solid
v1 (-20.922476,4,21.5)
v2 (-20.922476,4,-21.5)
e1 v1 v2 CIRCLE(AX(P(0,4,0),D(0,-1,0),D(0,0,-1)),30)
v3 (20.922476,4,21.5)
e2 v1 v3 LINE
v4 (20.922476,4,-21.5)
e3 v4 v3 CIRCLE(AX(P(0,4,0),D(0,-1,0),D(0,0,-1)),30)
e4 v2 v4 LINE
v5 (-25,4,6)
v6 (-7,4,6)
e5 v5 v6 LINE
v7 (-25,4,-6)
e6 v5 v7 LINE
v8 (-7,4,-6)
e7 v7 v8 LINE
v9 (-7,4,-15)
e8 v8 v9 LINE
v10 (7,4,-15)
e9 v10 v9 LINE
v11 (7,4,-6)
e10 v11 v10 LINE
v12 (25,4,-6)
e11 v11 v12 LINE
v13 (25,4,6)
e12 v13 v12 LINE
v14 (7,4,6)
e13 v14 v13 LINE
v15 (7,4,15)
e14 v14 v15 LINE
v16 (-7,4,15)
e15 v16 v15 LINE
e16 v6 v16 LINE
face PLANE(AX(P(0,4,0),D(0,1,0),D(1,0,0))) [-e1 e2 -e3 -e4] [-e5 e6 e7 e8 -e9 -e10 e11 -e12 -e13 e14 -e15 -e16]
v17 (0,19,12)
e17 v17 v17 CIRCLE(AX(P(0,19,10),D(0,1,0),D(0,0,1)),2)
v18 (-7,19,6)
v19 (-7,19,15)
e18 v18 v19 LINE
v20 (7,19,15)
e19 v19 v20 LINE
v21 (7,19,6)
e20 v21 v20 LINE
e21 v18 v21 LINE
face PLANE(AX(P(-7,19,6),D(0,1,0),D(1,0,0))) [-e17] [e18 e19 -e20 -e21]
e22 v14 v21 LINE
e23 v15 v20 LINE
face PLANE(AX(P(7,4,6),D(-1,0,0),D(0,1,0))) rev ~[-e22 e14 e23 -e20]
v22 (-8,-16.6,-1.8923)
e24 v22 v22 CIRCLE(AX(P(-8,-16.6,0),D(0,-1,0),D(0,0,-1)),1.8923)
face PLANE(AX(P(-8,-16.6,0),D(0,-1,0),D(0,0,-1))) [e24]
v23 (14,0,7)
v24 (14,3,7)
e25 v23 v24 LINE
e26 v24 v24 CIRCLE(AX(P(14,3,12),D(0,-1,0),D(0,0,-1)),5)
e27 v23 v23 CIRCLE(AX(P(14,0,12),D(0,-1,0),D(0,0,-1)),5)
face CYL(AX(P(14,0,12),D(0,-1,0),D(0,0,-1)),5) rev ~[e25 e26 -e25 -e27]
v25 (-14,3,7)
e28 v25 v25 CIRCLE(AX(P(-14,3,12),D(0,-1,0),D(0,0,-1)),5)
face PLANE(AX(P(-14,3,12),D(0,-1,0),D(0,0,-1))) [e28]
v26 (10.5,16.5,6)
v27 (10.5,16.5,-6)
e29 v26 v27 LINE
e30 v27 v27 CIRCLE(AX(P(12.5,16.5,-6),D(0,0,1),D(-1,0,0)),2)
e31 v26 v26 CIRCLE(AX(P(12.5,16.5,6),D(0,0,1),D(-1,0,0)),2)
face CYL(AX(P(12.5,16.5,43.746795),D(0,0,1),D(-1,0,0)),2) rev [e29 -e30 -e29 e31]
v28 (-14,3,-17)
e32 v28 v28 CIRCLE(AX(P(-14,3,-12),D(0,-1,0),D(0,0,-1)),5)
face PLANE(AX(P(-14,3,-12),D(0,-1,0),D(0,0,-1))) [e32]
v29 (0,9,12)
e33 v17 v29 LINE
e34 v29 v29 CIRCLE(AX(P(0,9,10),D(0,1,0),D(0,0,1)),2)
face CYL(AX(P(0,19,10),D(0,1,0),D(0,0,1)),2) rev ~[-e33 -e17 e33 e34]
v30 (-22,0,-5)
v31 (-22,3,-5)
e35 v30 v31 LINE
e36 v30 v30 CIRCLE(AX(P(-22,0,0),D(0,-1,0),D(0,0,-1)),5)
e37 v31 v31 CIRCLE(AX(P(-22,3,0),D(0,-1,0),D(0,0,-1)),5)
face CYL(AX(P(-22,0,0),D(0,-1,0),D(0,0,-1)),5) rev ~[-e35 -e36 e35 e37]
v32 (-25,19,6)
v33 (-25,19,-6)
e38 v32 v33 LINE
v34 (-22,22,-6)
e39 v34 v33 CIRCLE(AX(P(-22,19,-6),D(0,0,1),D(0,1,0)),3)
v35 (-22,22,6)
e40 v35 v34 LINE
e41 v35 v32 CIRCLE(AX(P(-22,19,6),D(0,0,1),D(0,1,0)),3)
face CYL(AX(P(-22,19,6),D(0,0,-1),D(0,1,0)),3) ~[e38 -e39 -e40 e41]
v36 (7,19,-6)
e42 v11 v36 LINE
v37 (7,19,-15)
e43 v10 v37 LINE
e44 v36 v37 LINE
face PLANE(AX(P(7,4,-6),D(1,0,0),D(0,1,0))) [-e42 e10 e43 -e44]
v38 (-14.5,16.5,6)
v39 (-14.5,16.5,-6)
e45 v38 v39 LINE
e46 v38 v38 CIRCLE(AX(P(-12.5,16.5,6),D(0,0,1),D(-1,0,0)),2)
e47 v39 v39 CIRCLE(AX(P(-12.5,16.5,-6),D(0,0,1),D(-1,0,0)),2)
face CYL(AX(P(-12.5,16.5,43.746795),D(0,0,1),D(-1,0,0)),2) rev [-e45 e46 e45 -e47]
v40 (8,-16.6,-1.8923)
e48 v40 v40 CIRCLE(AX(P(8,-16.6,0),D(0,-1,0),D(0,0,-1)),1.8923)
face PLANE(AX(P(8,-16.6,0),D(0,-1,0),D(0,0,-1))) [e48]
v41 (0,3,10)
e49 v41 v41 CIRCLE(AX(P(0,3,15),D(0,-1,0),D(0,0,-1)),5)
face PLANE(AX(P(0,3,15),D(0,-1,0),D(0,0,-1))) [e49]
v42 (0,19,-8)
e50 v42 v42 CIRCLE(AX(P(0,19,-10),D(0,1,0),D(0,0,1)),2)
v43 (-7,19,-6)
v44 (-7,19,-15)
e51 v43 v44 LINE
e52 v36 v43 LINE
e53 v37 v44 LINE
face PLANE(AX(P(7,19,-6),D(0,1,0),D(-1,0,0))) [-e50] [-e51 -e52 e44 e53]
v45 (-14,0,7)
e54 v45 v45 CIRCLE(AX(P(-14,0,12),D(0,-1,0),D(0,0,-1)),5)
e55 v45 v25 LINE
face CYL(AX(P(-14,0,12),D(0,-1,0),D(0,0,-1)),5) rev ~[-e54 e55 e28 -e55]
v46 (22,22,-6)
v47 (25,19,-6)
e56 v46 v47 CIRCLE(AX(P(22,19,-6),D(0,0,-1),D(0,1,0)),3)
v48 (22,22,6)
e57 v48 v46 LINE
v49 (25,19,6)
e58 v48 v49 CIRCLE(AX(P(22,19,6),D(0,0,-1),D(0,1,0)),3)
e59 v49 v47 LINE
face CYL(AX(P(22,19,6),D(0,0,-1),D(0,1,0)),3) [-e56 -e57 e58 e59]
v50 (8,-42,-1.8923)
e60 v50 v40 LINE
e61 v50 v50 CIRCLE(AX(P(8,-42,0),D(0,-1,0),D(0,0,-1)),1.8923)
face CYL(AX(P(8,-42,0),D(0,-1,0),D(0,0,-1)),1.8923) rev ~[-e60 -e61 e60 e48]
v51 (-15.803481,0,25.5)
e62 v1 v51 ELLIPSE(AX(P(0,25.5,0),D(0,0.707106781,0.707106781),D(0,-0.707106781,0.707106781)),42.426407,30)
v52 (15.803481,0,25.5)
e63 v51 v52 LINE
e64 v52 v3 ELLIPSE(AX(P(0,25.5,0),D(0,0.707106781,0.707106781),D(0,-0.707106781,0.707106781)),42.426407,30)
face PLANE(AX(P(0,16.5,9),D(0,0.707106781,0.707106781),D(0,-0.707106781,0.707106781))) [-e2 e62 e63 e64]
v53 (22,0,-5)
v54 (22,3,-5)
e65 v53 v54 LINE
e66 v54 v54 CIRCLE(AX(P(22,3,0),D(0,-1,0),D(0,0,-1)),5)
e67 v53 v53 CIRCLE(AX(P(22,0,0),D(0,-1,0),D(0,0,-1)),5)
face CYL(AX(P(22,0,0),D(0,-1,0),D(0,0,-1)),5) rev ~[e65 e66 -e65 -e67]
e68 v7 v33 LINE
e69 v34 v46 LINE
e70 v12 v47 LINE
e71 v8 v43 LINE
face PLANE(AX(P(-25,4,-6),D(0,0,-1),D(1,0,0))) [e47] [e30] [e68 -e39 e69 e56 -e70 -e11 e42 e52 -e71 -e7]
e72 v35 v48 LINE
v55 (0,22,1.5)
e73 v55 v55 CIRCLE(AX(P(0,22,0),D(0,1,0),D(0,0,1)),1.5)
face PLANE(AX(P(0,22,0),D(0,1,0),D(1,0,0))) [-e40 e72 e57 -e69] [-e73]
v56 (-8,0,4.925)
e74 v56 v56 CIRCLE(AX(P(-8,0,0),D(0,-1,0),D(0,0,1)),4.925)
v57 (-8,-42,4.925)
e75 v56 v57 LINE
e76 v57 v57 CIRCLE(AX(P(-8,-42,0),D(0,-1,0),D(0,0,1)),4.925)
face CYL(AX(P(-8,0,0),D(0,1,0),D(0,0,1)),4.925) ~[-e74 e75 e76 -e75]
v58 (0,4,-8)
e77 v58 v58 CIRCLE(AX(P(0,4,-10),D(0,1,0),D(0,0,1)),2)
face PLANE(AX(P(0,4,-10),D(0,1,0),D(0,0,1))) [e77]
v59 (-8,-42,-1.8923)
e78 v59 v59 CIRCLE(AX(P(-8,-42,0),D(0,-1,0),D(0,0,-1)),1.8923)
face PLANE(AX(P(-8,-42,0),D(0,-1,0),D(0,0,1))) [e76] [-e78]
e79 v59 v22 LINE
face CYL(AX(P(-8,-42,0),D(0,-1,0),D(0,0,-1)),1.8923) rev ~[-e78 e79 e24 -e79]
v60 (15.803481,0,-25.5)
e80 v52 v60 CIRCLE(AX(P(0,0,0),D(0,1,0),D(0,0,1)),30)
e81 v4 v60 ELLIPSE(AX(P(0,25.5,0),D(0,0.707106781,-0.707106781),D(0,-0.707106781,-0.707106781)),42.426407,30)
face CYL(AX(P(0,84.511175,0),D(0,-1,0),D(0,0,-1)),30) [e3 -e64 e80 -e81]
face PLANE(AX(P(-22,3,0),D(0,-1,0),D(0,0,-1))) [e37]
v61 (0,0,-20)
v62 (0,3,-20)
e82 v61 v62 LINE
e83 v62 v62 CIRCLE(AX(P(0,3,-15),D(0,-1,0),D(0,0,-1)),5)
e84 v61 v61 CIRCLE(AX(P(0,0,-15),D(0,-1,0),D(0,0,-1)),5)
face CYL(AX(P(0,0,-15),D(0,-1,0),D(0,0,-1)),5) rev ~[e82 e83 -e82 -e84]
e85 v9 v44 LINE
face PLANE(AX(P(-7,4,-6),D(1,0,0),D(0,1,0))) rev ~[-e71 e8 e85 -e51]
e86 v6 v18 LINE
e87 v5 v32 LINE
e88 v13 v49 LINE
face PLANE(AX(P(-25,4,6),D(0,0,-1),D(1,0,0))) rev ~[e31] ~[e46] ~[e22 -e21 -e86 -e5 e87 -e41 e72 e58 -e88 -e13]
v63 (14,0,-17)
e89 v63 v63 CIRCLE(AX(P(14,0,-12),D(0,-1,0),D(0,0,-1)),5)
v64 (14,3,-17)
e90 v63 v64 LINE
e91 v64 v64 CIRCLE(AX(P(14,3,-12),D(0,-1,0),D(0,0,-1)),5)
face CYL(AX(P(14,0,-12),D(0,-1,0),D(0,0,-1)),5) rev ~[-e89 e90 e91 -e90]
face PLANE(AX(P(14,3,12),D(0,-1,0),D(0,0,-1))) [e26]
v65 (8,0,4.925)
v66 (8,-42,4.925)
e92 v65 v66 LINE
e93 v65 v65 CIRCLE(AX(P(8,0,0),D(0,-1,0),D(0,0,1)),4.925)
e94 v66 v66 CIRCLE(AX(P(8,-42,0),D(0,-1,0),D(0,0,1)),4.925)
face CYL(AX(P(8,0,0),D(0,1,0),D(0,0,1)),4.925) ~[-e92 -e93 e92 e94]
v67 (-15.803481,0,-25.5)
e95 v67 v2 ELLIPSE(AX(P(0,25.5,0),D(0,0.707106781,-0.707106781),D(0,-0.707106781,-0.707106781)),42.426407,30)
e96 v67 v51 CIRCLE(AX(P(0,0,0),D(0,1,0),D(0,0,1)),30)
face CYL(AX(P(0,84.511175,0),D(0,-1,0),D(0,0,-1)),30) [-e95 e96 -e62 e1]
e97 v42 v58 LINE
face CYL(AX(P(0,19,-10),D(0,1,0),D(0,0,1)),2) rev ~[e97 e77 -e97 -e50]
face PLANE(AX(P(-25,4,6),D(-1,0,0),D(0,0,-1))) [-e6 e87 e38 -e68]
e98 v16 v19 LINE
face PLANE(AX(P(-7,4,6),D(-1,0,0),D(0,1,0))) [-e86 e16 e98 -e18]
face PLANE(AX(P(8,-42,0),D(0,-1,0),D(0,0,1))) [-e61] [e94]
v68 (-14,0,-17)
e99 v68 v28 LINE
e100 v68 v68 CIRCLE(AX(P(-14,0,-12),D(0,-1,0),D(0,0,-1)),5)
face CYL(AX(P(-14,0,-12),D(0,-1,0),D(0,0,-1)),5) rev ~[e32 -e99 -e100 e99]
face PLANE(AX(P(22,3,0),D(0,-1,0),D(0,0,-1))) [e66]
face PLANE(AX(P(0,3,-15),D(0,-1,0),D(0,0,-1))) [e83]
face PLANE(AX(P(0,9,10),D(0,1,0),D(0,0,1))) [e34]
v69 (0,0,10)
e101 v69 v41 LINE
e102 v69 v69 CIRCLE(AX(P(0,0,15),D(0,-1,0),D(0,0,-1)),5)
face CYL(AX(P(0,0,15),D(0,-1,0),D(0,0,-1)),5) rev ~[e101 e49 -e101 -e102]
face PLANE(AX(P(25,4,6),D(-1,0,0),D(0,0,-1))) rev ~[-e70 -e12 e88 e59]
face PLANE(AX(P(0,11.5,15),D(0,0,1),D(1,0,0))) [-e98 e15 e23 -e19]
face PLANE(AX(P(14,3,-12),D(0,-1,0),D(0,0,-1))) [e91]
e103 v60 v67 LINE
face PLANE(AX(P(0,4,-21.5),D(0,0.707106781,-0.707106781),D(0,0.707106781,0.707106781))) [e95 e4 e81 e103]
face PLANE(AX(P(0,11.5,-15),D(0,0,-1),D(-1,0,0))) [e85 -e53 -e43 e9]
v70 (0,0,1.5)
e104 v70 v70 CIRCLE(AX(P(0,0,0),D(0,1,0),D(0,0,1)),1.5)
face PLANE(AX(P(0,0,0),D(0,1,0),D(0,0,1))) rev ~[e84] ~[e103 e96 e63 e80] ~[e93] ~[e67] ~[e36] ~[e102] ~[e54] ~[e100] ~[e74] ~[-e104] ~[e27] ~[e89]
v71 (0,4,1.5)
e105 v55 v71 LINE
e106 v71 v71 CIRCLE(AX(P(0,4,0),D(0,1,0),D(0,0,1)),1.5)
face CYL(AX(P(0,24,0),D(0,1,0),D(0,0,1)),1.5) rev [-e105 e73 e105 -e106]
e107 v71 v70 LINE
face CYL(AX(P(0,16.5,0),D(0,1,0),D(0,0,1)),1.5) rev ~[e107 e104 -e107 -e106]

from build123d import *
from build123d.topology import SkipClean

# Parameters (mm, degrees)
SKETCH1_R                            = 30
BOSS_EXTRUDE1_DEPTH                  = 4
BOSS_EXTRUDE2_REACH                  = 44.615
BOSS_EXTRUDE2_END_RADIUS             = 30
BOSS_EXTRUDE2_DIRECTION_2_REACH      = 44.615
BOSS_EXTRUDE2_DIRECTION_2_END_RADIUS = 30
SKETCH3_OUTSIDE_W                    = 78.092
SKETCH3_OUTSIDE_H                    = 69.092
SKETCH3_OUTSIDE_R                    = 21.5
CUT_EXTRUDE2_DEPTH                   = 12.5
BOSS_EXTRUDE3_DEPTH                  = 18
BOSS_EXTRUDE4_DEPTH                  = 15
BOSS_EXTRUDE5_DEPTH                  = 15
CUT_EXTRUDE3_DEPTH                   = 44.292609069
CUT_EXTRUDE3_DEPTH_BACK              = 44.292609069
SKETCH8_R                            = 2
CUT_EXTRUDE8_DEPTH                   = 48.077064479
CUT_EXTRUDE8_DEPTH_BACK              = 48.077064479
CUT_EXTRUDE9_DEPTH                   = 59.659818207
CUT_EXTRUDE11_DEPTH                  = 20
CUT_EXTRUDE12_DEPTH                  = 20
CUT_EXTRUDE13_DEPTH                  = 20
CUT_EXTRUDE14_DEPTH                  = 44.292609069
CUT_EXTRUDE14_DEPTH_BACK             = 44.292609069
SKETCH25_W                           = 66.075437062
SKETCH25_H                           = 20.142243048
SKETCH27_R                           = 1.5
CUT_EXTRUDE16_DEPTH                  = 30
SKETCH28_R                           = 5
CUT_EXTRUDE17_DEPTH                  = 3
CUT_EXTRUDE18_DEPTH                  = 43.690748412
CUT_EXTRUDE18_DEPTH_BACK             = 43.690748412
SKETCH29_W                           = 43.412566799
SKETCH29_H                           = 13.326200919
SKETCH32_W                           = 50
SKETCH32_H                           = 12
BOSS_EXTRUDE6_DEPTH                  = 18
SKETCH35_W                           = 14
SKETCH35_H                           = 15
BOSS_EXTRUDE7_DEPTH                  = 9
CUT_EXTRUDE19_DEPTH                  = 49.746794766
CUT_EXTRUDE19_DEPTH_BACK             = 49.746794766
SKETCH37_R                           = 2
SKETCH36_R                           = 2
CUT_EXTRUDE20_DEPTH                  = 15
SKETCH39_W                           = 14
SKETCH39_H                           = 15
BOSS_EXTRUDE8_DEPTH                  = 9
SKETCH40_R                           = 2
CUT_EXTRUDE21_DEPTH                  = 10
FILLET1_R                            = 3
FILLET2_R                            = 3
CUT_EXTRUDE24_START                  = -20
SKETCH44_R                           = 1.5
CUT_EXTRUDE24_DEPTH                  = 20
SKETCH45_R                           = 4.925
BOSS_EXTRUDE9_DEPTH                  = 42
SKETCH46_R                           = 1.8923
CUT_EXTRUDE25_DEPTH                  = 25.4
SKETCH47_R                           = 1.8923
CUT_EXTRUDE26_DEPTH                  = 25.4


with BuildPart() as part:
    # Sketch1 → Boss-Extrude1 (new body)
    with BuildSketch(Plane(origin=(0, 0, 0), x_dir=(1, 0, 0), z_dir=(0, 1, 0))):
        with Locations(Location((0, 0, 0), (0, 0, 270))):
            Circle(SKETCH1_R)
    extrude(amount=BOSS_EXTRUDE1_DEPTH)

    # Boss-Extrude2: up to this cylinder (the profile starts inside it)
    with SkipClean():  # the faces are left unmerged after this step: merging them gives an invalid solid
        boss_extrude2_end = Plane(origin=(0, 9.396175, 0), z_dir=(0, -1, 0)) * Cylinder(BOSS_EXTRUDE2_END_RADIUS, 150.23, mode=Mode.PRIVATE)
        # Sketch2 → Boss-Extrude2 (add, up to the surface)
        with BuildSketch(Plane(origin=(0, 0, 0), x_dir=(0, 0, -1), z_dir=(1, 0, 0)), mode=Mode.PRIVATE) as boss_extrude2_sk1:
            Polygon((0, 4), (21.5, 4), (9, 16.5), (-9, 16.5), (-21.5, 4), align=None)
        boss_extrude2_tool1 = extrude(boss_extrude2_sk1.sketch, amount=BOSS_EXTRUDE2_REACH, mode=Mode.PRIVATE) & boss_extrude2_end
        add(boss_extrude2_tool1.solids().sort_by_distance((0, 9.396175, 0))[0])

    # Boss-Extrude2 direction 2: up to this cylinder (the profile starts inside it)
    with SkipClean():  # the faces are left unmerged after this step: merging them gives an invalid solid
        boss_extrude2_direction_2_end = Plane(origin=(0, 9.396175, 0), z_dir=(0, -1, 0)) * Cylinder(BOSS_EXTRUDE2_DIRECTION_2_END_RADIUS, 150.23, mode=Mode.PRIVATE)
        # Sketch2 → Boss-Extrude2 direction 2 (add, up to the surface)
        with BuildSketch(Plane(origin=(0, 0, 0), x_dir=(0, 0, -1), z_dir=(1, 0, 0)), mode=Mode.PRIVATE) as boss_extrude2_direction_2_sk1:
            Polygon((0, 4), (21.5, 4), (9, 16.5), (-9, 16.5), (-21.5, 4), align=None)
        boss_extrude2_direction_2_tool1 = extrude(boss_extrude2_direction_2_sk1.sketch, amount=-BOSS_EXTRUDE2_DIRECTION_2_REACH, mode=Mode.PRIVATE) & boss_extrude2_direction_2_end
        add(boss_extrude2_direction_2_tool1.solids().sort_by_distance((0, 9.396175, 0))[0])

    # SurfaceCut1
    split(bisect_by=Plane(origin=(0, 12.75, -12.75), x_dir=(1, 0, 0), z_dir=(0, 0.7071067811865558, -0.7071067811865392)), keep=Keep.BOTTOM)

    # SurfaceCut2
    split(bisect_by=Plane(origin=(0, 12.75, 12.75), x_dir=(1, 0, 0), z_dir=(0, 0.7071067811865509, 0.7071067811865442)), keep=Keep.BOTTOM)

    # Sketch3 outside → Cut-Extrude2 (cut)
    with BuildSketch(Plane(origin=(0, 4, 0), x_dir=(1, 0, 0), z_dir=(0, 1, 0))):
        Rectangle(SKETCH3_OUTSIDE_W, SKETCH3_OUTSIDE_H)
        Circle(SKETCH3_OUTSIDE_R, mode=Mode.SUBTRACT)
    extrude(amount=CUT_EXTRUDE2_DEPTH, mode=Mode.SUBTRACT)

    # Sketch5 → Boss-Extrude3 (add)
    with BuildSketch(Plane(origin=(0, 0, 0), x_dir=(-1, 0, 0), z_dir=(0, -1, 0))):
        Polygon((0, -6), (-17.5, -6), (-17.5, 6), (17.5, 6), (17.5, -6), align=None)
    extrude(amount=BOSS_EXTRUDE3_DEPTH)

    # Sketch6 → Boss-Extrude4 (add)
    with BuildSketch(Plane.XZ):
        Polygon((0, 15), (7, 15), (7, 6), (-7, 6), (-7, 15), align=None)
    extrude(amount=BOSS_EXTRUDE4_DEPTH)

    # Sketch7 → Boss-Extrude5 (add)
    with BuildSketch(Plane.XZ):
        Polygon((0, -15), (7, -15), (7, -6), (-7, -6), (-7, -15), align=None)
    extrude(amount=BOSS_EXTRUDE5_DEPTH)

    # Sketch8 → Cut-Extrude3 (cut, two sides: drawn at the far end of the back side and taken through both)
    with BuildSketch(Plane.XY.offset(-CUT_EXTRUDE3_DEPTH_BACK)):
        with Locations((-12.5, -12.5)):
            Circle(SKETCH8_R)
        with Locations((12.5, -12.5)):
            Circle(SKETCH8_R)
    extrude(amount=CUT_EXTRUDE3_DEPTH + CUT_EXTRUDE3_DEPTH_BACK, mode=Mode.SUBTRACT)

    # Sketch16 → Cut-Extrude8 (cut, two sides: drawn at the far end of the back side and taken through both)
    with BuildSketch(Plane.XY.offset(6).offset(-CUT_EXTRUDE8_DEPTH_BACK)):
        Polygon((17.5, -18), (17.5, -14.5), (14, -18), align=None)
        Polygon((-17.5, -18), (-14, -18), (-17.5, -14.5), align=None)
    extrude(amount=CUT_EXTRUDE8_DEPTH + CUT_EXTRUDE8_DEPTH_BACK, mode=Mode.SUBTRACT)

    # Sketch17 → Cut-Extrude9 (cut, through all)
    with BuildSketch(Plane(origin=(10.365975269, -9.674910251, -8.062425209), x_dir=(-0.3613483622370374, 0.337258471421235, -0.8693009171531012), z_dir=(0.6355070151731325, -0.5931398808282571, -0.49428323402354774))):
        Polygon((-2.372510104, -6.189601271), (7.980636686, -0.706686759), (7.980636686, -10.965829024), align=None)
    extrude(amount=CUT_EXTRUDE9_DEPTH, mode=Mode.SUBTRACT)

    # Sketch19 → Cut-Extrude11 (cut)
    with BuildSketch(Plane(origin=(-10.365975269, -9.674910251, -8.062425209), x_dir=(0.3613483622370374, 0.33725847142123494, -0.8693009171531012), z_dir=(0.6355070151731324, 0.5931398808282571, 0.4942832340235476))):
        Polygon((-2.372510104, -6.189601271), (7.980636686, -10.965829024), (7.980636686, -0.706686759), align=None)
    extrude(amount=-CUT_EXTRUDE11_DEPTH, mode=Mode.SUBTRACT)

    # Sketch20 → Cut-Extrude12 (cut)
    with BuildSketch(Plane(origin=(-10.365975269, -9.674910251, 8.062425209), x_dir=(-0.3613483622370374, -0.3372584714212349, -0.8693009171531013), z_dir=(0.6355070151731326, 0.593139880828257, -0.49428323402354757))):
        Polygon((2.372510104, -6.189601271), (-7.980636686, -0.706686759), (-7.980636686, -10.965829024), align=None)
    extrude(amount=-CUT_EXTRUDE12_DEPTH, mode=Mode.SUBTRACT)

    # Sketch21 → Cut-Extrude13 (cut)
    with BuildSketch(Plane(origin=(10.365975269, -9.674910251, 8.062425209), x_dir=(-0.3613483622370374, 0.3372584714212349, 0.8693009171531013), z_dir=(-0.6355070151731326, 0.593139880828257, -0.49428323402354757))):
        Polygon((-2.372510104, -6.189601271), (7.980636686, -0.706686759), (7.980636686, -10.965829024), align=None)
    extrude(amount=-CUT_EXTRUDE13_DEPTH, mode=Mode.SUBTRACT)

    # Sketch25 → Cut-Extrude14 (cut, two sides: drawn at the far end of the back side and taken through both)
    with BuildSketch(Plane.XY.offset(-CUT_EXTRUDE14_DEPTH_BACK)):
        with Locations((0, -10.071121524)):
            Rectangle(SKETCH25_W, SKETCH25_H)
    extrude(amount=CUT_EXTRUDE14_DEPTH + CUT_EXTRUDE14_DEPTH_BACK, mode=Mode.SUBTRACT)

    # Sketch27 → Cut-Extrude16 (cut)
    with BuildSketch(Plane(origin=(0, 16.5, 0), x_dir=(1, 0, 0), z_dir=(0, 1, 0))):
        with Locations(Location((0, 0, 0), (0, 0, 270))):
            Circle(SKETCH27_R)
    extrude(amount=-CUT_EXTRUDE16_DEPTH, mode=Mode.SUBTRACT)

    # Sketch28 → Cut-Extrude17 (cut)
    with BuildSketch(Plane.XZ):
        with Locations(Location((0, -15, 0), (0, 0, 270))):
            Circle(SKETCH28_R)
        with Locations(Location((22, 0, 0), (0, 0, 270))):
            Circle(SKETCH28_R)
        with Locations(Location((0, 15, 0), (0, 0, 270))):
            Circle(SKETCH28_R)
        with Locations(Location((-22, 0, 0), (0, 0, 270))):
            Circle(SKETCH28_R)
        with Locations(Location((-14, 12, 0), (0, 0, 270))):
            Circle(SKETCH28_R)
        with Locations(Location((14, 12, 0), (0, 0, 270))):
            Circle(SKETCH28_R)
        with Locations(Location((14, -12, 0), (0, 0, 270))):
            Circle(SKETCH28_R)
        with Locations(Location((-14, -12, 0), (0, 0, 270))):
            Circle(SKETCH28_R)
    extrude(amount=-CUT_EXTRUDE17_DEPTH, mode=Mode.SUBTRACT)

    # Sketch29 → Cut-Extrude18 (cut, two sides: drawn at the far end of the back side and taken through both)
    with BuildSketch(Plane(origin=(0, 0, 0), x_dir=(0, 0, -1), z_dir=(1, 0, 0)).offset(-CUT_EXTRUDE18_DEPTH_BACK)):
        with Locations((0.2062834, 10.66310046)):
            Rectangle(SKETCH29_W, SKETCH29_H)
    extrude(amount=CUT_EXTRUDE18_DEPTH + CUT_EXTRUDE18_DEPTH_BACK, mode=Mode.SUBTRACT)

    # Sketch32 → Boss-Extrude6 (add)
    with BuildSketch(Plane(origin=(0, 4, 0), x_dir=(1, 0, 0), z_dir=(0, 1, 0))):
        Rectangle(SKETCH32_W, SKETCH32_H)
    extrude(amount=BOSS_EXTRUDE6_DEPTH)

    # Sketch35 → Boss-Extrude7 (add)
    with BuildSketch(Plane(origin=(0, 0, -6), x_dir=(-1, 0, 0), z_dir=(0, 0, -1))):
        with Locations((0, 11.5)):
            Rectangle(SKETCH35_W, SKETCH35_H)
    extrude(amount=BOSS_EXTRUDE7_DEPTH)

    # Sketch37 → Cut-Extrude19 (cut, two sides: drawn at the far end of the back side and taken through both)
    with BuildSketch(Plane(origin=(0, 0, -6), x_dir=(-1, 0, 0), z_dir=(0, 0, -1)).offset(-CUT_EXTRUDE19_DEPTH_BACK)):
        with Locations((-12.5, 16.5)):
            Circle(SKETCH37_R)
        with Locations((12.5, 16.5)):
            Circle(SKETCH37_R)
    extrude(amount=CUT_EXTRUDE19_DEPTH + CUT_EXTRUDE19_DEPTH_BACK, mode=Mode.SUBTRACT)

    # Sketch36 → Cut-Extrude20 (cut)
    with BuildSketch(Plane(origin=(0, 19, 0), x_dir=(1, 0, 0), z_dir=(0, 1, 0))):
        with Locations(Location((0, 10, 0), (0, 0, 270))):
            Circle(SKETCH36_R)
    extrude(amount=-CUT_EXTRUDE20_DEPTH, mode=Mode.SUBTRACT)

    # Sketch39 → Boss-Extrude8 (add)
    with BuildSketch(Plane.XY.offset(6)):
        with Locations((0, 11.5)):
            Rectangle(SKETCH39_W, SKETCH39_H)
    extrude(amount=BOSS_EXTRUDE8_DEPTH)

    # Sketch40 → Cut-Extrude21 (cut)
    with BuildSketch(Plane(origin=(0, 19, 0), x_dir=(1, 0, 0), z_dir=(0, 1, 0))):
        with Locations(Location((0, -10, 0), (0, 0, 270))):
            Circle(SKETCH40_R)
    extrude(amount=-CUT_EXTRUDE21_DEPTH, mode=Mode.SUBTRACT)

    # Fillet1
    fillet1_edges = [part.edges().sort_by_distance(p)[0] for p in [
        (25, 22, 0),
    ]]
    fillet(fillet1_edges, radius=FILLET1_R)

    # Fillet2
    fillet2_edges = [part.edges().sort_by_distance(p)[0] for p in [
        (-25, 22, 0),
    ]]
    fillet(fillet2_edges, radius=FILLET2_R)

    # Sketch44 → Cut-Extrude24 (cut)
    with BuildSketch(Plane.XZ.offset(-4).offset(CUT_EXTRUDE24_START)):
        with Locations(Location((0, 0, 0), (0, 0, 90))):
            Circle(SKETCH44_R)
    extrude(amount=CUT_EXTRUDE24_DEPTH, mode=Mode.SUBTRACT)

    # Sketch45 → Boss-Extrude9 (add)
    with BuildSketch(Plane.XZ):
        with Locations(Location((-8, 0, 0), (0, 0, 90))):
            Circle(SKETCH45_R)
        with Locations(Location((8, 0, 0), (0, 0, 90))):
            Circle(SKETCH45_R)
    extrude(amount=BOSS_EXTRUDE9_DEPTH)

    # Sketch46 → Cut-Extrude25 (cut)
    with BuildSketch(Plane.XZ.offset(42)):
        with Locations(Location((-8, 0, 0), (0, 0, 270))):
            Circle(SKETCH46_R)
    extrude(amount=-CUT_EXTRUDE25_DEPTH, mode=Mode.SUBTRACT)

    # Sketch47 → Cut-Extrude26 (cut)
    with BuildSketch(Plane.XZ.offset(42)):
        with Locations(Location((8, 0, 0), (0, 0, 270))):
            Circle(SKETCH47_R)
    extrude(amount=-CUT_EXTRUDE26_DEPTH, mode=Mode.SUBTRACT)


solid = part.part
